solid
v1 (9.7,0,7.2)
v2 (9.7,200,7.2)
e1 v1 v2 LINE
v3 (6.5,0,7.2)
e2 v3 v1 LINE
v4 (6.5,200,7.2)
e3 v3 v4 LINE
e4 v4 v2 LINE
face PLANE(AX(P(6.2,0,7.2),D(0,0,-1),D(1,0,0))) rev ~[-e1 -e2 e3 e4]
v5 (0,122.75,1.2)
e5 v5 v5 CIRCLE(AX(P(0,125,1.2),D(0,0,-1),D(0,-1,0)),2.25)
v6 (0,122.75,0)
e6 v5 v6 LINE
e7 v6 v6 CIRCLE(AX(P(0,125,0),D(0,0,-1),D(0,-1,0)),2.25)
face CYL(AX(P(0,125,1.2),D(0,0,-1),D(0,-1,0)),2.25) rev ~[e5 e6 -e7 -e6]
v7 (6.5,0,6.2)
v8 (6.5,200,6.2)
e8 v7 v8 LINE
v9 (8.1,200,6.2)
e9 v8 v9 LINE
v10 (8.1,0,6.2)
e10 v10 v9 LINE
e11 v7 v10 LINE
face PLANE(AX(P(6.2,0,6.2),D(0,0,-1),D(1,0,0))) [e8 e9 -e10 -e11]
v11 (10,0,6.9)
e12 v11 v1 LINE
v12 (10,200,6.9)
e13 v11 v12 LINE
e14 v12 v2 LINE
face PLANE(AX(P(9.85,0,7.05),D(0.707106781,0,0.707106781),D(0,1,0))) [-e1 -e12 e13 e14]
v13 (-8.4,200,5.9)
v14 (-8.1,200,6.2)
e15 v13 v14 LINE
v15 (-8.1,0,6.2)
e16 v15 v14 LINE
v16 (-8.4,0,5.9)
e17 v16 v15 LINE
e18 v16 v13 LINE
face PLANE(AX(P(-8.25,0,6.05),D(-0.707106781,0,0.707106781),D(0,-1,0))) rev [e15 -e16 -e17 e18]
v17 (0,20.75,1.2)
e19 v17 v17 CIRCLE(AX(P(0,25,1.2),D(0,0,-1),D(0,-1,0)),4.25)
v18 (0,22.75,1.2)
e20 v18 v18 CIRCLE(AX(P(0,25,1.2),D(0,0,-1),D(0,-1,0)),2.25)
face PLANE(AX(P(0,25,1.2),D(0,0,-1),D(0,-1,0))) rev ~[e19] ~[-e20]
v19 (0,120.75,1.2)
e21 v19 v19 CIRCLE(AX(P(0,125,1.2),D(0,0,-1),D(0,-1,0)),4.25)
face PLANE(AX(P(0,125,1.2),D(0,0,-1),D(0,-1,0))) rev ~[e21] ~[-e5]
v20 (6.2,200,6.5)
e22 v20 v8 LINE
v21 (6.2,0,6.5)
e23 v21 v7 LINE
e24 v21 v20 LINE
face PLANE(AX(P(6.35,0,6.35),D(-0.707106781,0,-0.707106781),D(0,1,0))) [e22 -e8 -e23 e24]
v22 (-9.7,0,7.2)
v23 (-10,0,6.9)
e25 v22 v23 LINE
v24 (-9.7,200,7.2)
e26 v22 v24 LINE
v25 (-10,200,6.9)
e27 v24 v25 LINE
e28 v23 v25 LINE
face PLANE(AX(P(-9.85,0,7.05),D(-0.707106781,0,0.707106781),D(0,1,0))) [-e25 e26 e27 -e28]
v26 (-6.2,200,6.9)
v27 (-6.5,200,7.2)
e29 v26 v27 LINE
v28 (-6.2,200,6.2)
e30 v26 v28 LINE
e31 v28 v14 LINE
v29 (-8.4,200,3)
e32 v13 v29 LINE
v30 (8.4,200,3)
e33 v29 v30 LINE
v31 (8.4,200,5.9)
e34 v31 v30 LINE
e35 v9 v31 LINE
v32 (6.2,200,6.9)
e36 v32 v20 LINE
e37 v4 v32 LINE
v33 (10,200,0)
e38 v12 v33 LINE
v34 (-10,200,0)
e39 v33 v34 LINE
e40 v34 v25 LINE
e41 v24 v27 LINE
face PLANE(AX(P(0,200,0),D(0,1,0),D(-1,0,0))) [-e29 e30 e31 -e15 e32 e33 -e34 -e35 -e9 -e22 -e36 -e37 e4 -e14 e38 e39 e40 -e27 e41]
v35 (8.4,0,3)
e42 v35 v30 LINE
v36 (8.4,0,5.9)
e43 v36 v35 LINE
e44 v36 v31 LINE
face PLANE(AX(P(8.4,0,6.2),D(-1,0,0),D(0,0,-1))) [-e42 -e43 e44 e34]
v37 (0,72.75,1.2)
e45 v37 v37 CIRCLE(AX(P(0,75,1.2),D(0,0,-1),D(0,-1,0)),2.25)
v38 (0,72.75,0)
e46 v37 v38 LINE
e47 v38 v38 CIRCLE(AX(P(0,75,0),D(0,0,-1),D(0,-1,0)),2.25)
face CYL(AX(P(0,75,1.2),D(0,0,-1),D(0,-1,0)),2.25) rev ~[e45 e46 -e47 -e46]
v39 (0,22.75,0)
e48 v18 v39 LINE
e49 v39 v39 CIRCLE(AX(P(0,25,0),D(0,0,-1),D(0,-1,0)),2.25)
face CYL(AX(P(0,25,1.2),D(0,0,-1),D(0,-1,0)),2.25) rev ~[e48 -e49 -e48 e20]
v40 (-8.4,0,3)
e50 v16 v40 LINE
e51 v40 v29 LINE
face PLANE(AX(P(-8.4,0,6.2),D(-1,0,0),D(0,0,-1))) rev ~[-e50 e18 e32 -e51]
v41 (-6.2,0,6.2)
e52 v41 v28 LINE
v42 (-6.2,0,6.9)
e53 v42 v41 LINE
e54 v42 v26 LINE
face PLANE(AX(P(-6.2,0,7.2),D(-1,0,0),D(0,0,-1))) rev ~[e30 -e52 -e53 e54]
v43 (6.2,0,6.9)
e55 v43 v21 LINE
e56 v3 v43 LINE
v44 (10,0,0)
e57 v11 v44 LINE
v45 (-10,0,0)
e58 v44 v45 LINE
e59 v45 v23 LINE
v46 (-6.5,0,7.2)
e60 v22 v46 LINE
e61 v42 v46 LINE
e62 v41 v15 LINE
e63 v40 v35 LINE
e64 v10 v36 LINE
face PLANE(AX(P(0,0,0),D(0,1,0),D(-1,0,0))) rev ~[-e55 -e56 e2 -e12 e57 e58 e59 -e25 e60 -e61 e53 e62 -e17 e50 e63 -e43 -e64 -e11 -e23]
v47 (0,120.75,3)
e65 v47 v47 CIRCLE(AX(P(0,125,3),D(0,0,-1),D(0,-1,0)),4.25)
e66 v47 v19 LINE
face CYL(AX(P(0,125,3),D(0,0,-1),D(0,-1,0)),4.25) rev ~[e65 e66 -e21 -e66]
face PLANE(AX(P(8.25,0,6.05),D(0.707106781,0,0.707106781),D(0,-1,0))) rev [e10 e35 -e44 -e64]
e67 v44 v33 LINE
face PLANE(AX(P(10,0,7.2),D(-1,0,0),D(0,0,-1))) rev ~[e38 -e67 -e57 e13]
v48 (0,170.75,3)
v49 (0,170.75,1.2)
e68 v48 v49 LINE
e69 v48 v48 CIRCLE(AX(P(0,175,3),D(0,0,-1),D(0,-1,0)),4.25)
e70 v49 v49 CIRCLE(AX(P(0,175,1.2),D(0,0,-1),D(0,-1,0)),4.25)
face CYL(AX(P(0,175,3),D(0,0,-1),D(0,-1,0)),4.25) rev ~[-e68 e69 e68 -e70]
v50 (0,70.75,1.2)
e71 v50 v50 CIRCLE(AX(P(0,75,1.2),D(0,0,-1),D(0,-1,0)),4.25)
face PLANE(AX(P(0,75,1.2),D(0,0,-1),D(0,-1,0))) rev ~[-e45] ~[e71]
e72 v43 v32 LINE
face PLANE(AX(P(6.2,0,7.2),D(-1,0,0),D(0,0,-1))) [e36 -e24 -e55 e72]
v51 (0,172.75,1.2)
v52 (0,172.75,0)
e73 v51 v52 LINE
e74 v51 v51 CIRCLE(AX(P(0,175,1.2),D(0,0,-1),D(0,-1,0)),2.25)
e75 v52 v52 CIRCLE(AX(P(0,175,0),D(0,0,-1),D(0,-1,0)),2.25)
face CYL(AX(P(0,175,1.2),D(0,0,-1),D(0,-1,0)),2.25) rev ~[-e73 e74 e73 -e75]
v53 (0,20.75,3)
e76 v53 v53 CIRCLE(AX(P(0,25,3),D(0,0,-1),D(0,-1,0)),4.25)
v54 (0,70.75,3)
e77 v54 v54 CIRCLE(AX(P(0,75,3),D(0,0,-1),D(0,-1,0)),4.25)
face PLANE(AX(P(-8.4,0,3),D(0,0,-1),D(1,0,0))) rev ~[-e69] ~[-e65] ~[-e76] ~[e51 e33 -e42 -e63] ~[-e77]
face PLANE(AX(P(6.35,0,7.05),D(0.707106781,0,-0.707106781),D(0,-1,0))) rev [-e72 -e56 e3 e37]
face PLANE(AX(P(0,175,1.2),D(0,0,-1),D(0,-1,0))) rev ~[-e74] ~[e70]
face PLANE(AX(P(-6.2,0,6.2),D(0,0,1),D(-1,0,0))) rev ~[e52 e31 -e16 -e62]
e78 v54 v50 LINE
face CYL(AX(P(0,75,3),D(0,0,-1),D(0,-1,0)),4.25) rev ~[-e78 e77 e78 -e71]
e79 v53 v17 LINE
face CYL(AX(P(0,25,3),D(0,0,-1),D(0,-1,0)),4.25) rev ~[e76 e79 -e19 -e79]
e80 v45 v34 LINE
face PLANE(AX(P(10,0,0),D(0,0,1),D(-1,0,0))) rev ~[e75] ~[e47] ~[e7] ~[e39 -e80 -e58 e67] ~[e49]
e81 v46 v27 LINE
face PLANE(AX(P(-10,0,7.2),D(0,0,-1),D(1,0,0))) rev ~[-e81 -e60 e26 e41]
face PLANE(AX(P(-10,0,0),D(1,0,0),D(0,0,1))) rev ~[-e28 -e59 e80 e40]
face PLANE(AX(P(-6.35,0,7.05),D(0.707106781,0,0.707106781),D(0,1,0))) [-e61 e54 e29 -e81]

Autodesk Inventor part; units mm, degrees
ref_plane "YZ Plane" through (0, 0, 0) normal (1, 0, 0) x (0, 1, 0)
ref_plane "XZ Plane" through (0, 0, 0) normal (0, 1, 0) x (-1, 0, 0)
ref_plane "XY Plane" through (0, 0, 0) normal (0, 0, 1) x (1, 0, 0)
sketch "スケッチ1" plane through (0, 0, 0) normal (0, 1, 0) x (-1, 0, 0)
  line L0 (-10, 0) -> (10, 0)
  line L1 (10, 0) -> (10, 7.2)
  line L2 (10, 7.2) -> (6.2, 7.2)
  line L3 (8.4, 3) -> (-8.4, 3)
  line L4 (-6.2, 7.2) -> (-10, 7.2)
  line L5 (-10, 7.2) -> (-10, 0)
  line L6 (6.2, 7.2) -> (6.2, 6.2)
  line L7 (6.2, 6.2) -> (8.4, 6.2)
  line L8 (8.4, 6.2) -> (8.4, 3)
  line L9 (-6.2, 7.2) -> (-6.2, 6.2)
  line L10 (-6.2, 6.2) -> (-8.4, 6.2)
  line L11 (-8.4, 6.2) -> (-8.4, 3)
  point P0 (0, 0)
  point P1 (0, 0)
  point P2 (0, 3)
  dimension "d0" = 20
  dimension "d1" = 7.2
  dimension "d2" = 3
  dimension "d3" = 12.4
  dimension "d4" = 1
  dimension "d22" = 16.8
extrude "押し出し1" add sketch "スケッチ1" along normal blind 200
chamfer "面取り1" distance 0.3 angle 45 7 edges at (-10, 100, 7.2) (-6.2, 100, 7.2) (6.2, 100, 6.2) (6.2, 100, 7.2) (10, 100, 7.2) (8.4, 100, 6.2) (-8.4, 100, 6.2)
sketch "スケッチ2" plane through (-8.4, 0, 3) normal (0, 0, 1) x (1, 0, 0)
  line L0 (0, 0) -> (16.8, 0) construction
  point P0 (8.4, 0)
  point P1 (8.4, 25)
  point P2 (8.4, 0)
  dimension "d11" = 25
hole "穴1" at (0, 25, 3) direction (0, 0, -1) diameter 4.5 end through all counterbore diameter 8.5 counterbore depth 1.8
pattern_linear "矩形状パターン1" count 10 spacing 50 along (0, 1, 0) of "穴1"
equation "\"d6\" = Length"
equation "\"Length\" = 200"
properties part number "MRS20-200" material "アルミニウム 6061"
